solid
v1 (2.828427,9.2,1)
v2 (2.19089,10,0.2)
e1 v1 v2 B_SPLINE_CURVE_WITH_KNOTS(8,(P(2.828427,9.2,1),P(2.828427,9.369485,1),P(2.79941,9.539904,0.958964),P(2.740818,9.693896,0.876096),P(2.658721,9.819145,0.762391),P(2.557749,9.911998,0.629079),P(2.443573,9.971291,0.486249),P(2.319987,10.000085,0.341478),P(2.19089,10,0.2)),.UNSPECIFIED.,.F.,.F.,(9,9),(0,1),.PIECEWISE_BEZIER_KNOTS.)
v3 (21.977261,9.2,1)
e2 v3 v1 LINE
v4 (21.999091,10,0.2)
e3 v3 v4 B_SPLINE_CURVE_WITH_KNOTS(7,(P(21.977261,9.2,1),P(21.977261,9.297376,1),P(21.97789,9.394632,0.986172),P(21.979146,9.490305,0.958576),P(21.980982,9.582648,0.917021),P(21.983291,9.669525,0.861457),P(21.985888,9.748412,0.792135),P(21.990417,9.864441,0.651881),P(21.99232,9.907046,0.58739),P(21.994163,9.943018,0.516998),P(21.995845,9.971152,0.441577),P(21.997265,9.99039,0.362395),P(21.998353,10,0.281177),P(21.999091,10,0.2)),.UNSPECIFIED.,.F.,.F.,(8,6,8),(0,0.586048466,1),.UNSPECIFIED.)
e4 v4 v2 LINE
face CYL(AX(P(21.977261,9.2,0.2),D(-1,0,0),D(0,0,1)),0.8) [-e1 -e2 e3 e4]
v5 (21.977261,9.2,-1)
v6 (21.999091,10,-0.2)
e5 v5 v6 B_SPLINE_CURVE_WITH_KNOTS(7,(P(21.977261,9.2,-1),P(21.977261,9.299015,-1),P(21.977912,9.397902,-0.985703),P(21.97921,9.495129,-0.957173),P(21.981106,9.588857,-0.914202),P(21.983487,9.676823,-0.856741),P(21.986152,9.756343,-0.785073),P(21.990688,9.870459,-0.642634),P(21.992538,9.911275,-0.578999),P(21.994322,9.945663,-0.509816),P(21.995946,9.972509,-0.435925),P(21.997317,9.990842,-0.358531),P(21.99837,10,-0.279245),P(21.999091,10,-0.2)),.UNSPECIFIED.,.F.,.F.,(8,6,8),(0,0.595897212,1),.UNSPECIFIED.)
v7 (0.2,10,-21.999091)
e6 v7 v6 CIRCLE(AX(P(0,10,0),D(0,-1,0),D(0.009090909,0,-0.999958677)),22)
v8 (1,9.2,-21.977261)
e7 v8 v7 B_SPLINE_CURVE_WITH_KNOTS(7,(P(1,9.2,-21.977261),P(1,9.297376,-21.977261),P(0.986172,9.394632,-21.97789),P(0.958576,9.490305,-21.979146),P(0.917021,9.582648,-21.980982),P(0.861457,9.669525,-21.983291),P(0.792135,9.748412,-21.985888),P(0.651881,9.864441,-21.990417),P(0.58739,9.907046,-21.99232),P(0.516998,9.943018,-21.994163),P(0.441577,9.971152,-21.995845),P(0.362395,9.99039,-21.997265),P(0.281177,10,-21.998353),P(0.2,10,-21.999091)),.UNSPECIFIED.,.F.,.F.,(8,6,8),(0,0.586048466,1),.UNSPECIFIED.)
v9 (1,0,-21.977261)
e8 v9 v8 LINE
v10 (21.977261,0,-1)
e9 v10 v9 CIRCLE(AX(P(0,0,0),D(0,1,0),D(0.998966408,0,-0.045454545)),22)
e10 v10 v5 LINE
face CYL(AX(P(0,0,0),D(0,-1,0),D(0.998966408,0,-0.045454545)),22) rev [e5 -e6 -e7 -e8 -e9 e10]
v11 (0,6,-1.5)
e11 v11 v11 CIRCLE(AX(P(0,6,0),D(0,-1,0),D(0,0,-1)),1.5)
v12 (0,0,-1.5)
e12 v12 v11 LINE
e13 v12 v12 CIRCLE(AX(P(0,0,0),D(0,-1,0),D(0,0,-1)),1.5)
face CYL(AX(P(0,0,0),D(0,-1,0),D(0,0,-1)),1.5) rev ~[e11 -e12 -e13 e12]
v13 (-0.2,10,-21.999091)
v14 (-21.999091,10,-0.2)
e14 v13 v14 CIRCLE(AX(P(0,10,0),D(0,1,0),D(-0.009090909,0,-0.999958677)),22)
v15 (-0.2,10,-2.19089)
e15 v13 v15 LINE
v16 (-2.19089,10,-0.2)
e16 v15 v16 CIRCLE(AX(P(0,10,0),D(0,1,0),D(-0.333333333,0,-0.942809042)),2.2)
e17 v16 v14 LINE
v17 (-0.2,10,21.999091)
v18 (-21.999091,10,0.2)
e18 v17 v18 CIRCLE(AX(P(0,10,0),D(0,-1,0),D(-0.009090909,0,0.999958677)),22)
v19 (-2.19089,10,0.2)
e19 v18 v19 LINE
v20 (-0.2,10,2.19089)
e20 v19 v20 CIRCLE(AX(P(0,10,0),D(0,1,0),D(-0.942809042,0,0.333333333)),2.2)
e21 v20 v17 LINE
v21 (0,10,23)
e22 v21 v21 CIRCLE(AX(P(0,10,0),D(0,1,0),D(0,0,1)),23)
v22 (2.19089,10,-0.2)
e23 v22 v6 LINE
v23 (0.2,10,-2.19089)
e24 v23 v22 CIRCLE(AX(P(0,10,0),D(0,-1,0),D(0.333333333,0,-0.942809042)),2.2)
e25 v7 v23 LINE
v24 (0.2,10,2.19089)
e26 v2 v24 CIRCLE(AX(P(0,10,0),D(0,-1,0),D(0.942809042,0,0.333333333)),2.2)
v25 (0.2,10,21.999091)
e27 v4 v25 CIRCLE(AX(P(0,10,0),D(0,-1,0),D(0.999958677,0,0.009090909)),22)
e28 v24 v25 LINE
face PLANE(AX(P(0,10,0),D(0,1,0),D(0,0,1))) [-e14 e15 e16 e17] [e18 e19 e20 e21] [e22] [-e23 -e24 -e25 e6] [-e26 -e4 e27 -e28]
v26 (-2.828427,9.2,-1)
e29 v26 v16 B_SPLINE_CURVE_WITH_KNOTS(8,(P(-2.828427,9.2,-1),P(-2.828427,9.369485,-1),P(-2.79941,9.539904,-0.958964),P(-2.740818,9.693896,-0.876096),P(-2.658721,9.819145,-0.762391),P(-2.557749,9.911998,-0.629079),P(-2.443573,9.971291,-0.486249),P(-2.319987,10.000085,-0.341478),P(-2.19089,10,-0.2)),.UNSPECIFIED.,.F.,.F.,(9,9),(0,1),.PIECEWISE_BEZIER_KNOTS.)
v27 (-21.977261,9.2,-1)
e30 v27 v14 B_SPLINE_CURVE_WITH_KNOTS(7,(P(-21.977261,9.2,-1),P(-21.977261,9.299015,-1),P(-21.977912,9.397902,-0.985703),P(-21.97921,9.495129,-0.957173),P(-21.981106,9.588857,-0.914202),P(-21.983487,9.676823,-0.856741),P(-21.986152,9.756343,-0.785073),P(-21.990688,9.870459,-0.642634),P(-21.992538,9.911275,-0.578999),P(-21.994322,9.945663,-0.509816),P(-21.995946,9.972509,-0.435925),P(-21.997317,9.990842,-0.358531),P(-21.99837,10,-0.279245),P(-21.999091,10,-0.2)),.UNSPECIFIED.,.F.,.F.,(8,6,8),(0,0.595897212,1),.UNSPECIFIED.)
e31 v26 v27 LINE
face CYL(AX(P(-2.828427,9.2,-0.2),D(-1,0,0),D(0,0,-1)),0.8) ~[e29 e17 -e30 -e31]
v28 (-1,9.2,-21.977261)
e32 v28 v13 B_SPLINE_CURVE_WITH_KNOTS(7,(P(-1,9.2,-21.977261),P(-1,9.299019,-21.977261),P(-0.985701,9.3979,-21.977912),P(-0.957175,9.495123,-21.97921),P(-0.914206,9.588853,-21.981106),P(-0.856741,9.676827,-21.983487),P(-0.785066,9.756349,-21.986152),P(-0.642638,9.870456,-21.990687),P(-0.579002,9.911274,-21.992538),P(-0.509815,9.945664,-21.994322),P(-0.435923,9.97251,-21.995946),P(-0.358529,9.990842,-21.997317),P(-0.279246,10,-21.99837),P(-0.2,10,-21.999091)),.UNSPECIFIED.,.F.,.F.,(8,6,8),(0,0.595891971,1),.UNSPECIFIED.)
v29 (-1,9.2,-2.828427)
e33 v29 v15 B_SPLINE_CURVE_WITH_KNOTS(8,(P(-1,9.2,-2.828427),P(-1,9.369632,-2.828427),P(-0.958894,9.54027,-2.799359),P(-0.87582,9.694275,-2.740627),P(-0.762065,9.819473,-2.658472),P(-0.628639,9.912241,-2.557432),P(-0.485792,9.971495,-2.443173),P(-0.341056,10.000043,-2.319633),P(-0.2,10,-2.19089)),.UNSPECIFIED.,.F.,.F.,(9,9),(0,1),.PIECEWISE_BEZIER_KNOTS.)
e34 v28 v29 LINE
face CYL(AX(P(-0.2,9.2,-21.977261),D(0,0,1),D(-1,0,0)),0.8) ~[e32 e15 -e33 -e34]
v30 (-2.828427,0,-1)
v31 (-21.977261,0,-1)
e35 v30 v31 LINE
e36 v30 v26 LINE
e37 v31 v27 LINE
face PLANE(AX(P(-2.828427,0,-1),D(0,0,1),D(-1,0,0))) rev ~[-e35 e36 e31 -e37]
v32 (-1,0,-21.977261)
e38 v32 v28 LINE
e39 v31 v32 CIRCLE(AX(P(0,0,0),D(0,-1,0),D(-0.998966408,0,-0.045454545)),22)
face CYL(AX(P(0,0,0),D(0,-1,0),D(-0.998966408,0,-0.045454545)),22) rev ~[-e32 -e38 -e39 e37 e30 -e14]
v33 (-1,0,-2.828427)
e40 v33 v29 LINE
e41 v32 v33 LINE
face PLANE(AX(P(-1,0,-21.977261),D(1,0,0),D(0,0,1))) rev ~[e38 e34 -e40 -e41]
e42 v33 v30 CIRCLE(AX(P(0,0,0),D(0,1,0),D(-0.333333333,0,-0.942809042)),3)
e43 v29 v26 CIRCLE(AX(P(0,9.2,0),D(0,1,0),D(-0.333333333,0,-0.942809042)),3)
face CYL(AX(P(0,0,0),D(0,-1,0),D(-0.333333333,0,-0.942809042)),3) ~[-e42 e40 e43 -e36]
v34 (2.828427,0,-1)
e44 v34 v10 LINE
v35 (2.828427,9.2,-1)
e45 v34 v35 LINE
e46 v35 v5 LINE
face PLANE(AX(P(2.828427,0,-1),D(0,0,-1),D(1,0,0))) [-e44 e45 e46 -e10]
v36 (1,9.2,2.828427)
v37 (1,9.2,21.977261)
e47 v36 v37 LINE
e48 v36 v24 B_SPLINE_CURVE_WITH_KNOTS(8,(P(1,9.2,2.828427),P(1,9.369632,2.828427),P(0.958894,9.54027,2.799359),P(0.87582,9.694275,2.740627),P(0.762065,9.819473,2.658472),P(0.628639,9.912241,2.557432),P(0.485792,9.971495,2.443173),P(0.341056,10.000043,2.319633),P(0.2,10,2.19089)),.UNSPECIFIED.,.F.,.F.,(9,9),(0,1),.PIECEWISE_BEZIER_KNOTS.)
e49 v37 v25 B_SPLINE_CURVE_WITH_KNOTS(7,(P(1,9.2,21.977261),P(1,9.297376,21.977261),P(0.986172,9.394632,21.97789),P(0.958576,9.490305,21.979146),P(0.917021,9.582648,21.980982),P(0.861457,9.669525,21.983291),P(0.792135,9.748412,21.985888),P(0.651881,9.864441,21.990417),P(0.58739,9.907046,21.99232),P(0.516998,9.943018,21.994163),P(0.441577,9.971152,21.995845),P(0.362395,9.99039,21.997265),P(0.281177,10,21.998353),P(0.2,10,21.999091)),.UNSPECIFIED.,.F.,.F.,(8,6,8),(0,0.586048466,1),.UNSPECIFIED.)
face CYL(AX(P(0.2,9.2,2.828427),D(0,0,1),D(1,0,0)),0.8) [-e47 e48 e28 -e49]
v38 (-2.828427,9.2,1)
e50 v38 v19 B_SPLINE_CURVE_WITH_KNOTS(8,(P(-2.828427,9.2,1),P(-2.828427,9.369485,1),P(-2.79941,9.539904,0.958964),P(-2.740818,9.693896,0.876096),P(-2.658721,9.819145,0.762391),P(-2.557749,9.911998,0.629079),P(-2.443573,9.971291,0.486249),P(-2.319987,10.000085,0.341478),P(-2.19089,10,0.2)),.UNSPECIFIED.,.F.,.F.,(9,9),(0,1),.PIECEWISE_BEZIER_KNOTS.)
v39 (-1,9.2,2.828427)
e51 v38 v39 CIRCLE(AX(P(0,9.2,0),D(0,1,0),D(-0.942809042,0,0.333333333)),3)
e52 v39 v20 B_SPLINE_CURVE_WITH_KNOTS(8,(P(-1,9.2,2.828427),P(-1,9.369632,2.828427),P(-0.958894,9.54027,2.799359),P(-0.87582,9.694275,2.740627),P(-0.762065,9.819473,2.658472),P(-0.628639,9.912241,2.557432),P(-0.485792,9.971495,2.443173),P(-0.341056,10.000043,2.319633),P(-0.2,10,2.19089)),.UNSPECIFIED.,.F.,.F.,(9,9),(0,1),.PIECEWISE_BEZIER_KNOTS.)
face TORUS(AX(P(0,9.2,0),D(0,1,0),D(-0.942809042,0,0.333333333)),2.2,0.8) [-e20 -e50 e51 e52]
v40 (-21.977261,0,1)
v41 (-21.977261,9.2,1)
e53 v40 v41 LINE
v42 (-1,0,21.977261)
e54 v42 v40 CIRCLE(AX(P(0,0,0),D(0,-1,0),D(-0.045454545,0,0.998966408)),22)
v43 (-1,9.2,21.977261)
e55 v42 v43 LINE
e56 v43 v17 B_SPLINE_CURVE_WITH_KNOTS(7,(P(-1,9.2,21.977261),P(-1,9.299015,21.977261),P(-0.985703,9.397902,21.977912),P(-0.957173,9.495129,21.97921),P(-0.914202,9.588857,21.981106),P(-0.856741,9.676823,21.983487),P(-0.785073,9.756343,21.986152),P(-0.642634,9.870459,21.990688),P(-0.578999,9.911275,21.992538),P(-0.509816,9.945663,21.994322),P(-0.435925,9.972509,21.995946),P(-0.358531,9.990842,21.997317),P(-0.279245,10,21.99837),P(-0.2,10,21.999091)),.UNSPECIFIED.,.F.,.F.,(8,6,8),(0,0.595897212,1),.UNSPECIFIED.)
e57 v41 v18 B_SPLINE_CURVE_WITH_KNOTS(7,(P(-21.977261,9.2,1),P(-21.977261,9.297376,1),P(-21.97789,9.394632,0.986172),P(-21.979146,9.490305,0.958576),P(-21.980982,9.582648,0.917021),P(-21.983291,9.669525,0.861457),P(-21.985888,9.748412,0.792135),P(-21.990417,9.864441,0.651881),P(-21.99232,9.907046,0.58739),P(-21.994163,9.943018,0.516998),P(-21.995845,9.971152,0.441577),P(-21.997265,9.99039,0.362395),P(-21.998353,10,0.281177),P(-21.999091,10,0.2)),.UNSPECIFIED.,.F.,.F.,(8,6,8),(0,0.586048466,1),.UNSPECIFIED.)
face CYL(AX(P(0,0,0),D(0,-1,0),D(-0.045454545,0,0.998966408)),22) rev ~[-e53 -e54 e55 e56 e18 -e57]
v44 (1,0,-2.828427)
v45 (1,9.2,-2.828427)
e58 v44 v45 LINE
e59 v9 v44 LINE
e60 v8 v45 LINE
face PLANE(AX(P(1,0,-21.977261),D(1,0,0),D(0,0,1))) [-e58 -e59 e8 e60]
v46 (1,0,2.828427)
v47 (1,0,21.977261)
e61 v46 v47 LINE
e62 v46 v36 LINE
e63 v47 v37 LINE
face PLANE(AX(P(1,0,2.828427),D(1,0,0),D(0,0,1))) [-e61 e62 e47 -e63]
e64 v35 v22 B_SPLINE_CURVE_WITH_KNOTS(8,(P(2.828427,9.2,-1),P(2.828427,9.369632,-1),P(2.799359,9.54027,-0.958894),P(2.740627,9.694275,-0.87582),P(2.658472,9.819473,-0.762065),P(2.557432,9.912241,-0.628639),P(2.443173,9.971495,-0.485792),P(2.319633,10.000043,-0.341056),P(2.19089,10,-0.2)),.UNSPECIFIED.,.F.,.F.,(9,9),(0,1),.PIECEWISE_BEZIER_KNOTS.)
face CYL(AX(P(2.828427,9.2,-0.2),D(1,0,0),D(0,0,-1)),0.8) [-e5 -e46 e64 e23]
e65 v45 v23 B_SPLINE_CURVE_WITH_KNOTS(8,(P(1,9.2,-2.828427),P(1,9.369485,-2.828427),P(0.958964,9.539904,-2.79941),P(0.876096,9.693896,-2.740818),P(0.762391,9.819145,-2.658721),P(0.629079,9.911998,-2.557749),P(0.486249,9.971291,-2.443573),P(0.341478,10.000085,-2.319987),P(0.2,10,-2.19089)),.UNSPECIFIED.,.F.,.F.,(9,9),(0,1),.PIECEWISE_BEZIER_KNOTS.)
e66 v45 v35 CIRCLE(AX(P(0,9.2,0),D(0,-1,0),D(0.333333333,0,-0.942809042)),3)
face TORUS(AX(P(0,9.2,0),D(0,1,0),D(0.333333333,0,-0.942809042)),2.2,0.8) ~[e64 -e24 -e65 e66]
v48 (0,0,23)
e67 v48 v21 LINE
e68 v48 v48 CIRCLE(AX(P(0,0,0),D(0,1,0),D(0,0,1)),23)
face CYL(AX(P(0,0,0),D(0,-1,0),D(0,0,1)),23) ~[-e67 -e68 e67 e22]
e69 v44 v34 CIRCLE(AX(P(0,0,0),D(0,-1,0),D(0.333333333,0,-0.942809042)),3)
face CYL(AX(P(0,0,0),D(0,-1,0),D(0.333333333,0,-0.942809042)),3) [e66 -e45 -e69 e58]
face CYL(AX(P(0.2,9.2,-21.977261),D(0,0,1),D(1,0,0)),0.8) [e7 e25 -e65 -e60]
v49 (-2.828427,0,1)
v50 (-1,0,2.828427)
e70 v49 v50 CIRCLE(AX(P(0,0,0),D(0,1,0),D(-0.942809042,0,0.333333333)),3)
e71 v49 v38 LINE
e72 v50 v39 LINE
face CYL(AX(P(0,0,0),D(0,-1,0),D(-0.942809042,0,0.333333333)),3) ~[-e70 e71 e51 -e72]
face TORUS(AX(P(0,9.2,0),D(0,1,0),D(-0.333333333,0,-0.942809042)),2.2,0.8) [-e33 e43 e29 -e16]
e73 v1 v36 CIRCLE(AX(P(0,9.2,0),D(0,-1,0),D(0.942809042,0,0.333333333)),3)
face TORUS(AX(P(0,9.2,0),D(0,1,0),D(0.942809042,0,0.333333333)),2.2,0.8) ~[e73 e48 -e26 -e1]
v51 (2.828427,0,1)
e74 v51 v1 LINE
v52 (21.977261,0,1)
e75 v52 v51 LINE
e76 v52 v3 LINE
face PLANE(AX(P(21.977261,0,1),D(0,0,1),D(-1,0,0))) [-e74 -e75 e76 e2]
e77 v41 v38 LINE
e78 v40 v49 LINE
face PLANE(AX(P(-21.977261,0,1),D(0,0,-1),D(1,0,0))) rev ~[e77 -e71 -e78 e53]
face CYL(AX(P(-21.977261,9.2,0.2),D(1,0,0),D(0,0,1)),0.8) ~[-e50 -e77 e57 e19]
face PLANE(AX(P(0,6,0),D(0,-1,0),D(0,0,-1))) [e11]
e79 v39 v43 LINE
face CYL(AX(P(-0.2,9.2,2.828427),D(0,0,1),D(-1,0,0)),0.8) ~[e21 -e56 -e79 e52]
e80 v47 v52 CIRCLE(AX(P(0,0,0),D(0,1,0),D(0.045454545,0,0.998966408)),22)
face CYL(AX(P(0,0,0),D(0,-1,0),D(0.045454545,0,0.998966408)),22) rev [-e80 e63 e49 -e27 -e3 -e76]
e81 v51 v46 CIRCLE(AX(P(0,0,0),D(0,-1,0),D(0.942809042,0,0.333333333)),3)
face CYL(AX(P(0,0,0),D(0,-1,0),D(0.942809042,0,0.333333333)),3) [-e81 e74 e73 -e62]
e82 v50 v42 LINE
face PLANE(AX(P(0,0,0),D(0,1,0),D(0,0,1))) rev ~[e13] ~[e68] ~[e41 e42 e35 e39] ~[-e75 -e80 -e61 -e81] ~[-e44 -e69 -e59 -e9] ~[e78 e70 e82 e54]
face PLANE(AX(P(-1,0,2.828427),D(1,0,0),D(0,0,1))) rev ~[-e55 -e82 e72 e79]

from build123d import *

# Parameters (mm, degrees)
SKETCH1_R           = 23
BOSS_EXTRUDE1_DEPTH = 10
FILLET1_R           = 0.8
SKETCH2_R           = 1.5
CUT_EXTRUDE1_DEPTH  = 6


with BuildPart() as part:
    # Sketch1 → Boss-Extrude1 (new body)
    with BuildSketch(Plane(origin=(0, 0, 0), x_dir=(1, 0, 0), z_dir=(0, 1, 0))):
        with Locations(Location((0, 0, 0), (0, 0, 270))):
            Circle(SKETCH1_R)
        with BuildLine():
            Line((-1, 21.977260976), (-1, 2.828427125))
            ThreePointArc((-1, 2.828427125), (-2.121320344, 2.121320344), (-2.828427125, 1))
            Line((-2.828427125, 1), (-21.977260976, 1))
            ThreePointArc((-21.977260976, 1), (-15.556349186, 15.556349186), (-1, 21.977260976))
        make_face(mode=Mode.SUBTRACT)
        with BuildLine():
            Line((1, 21.977260976), (1, 2.828427125))
            ThreePointArc((1, 2.828427125), (2.121320344, 2.121320344), (2.828427125, 1))
            Line((2.828427125, 1), (21.977260976, 1))
            ThreePointArc((21.977260976, 1), (15.556349186, 15.556349186), (1, 21.977260976))
        make_face(mode=Mode.SUBTRACT)
        with BuildLine():
            Line((-21.977260976, -1), (-2.828427125, -1))
            ThreePointArc((-2.828427125, -1), (-2.121320344, -2.121320344), (-1, -2.828427125))
            Line((-1, -2.828427125), (-1, -21.977260976))
            ThreePointArc((-1, -21.977260976), (-15.556349186, -15.556349186), (-21.977260976, -1))
        make_face(mode=Mode.SUBTRACT)
        with BuildLine():
            Line((1, -2.828427125), (1, -21.977260976))
            ThreePointArc((1, -21.977260976), (15.556349186, -15.556349186), (21.977260976, -1))
            Line((21.977260976, -1), (2.828427125, -1))
            ThreePointArc((2.828427125, -1), (2.121320344, -2.121320344), (1, -2.828427125))
        make_face(mode=Mode.SUBTRACT)
    extrude(amount=BOSS_EXTRUDE1_DEPTH)

    # Fillet1
    fillet1_edges = [part.edges().sort_by_distance(p)[0] for p in [
        (2.121320344, 10, -2.121320344),
        (12.40284405, 10, -1),
        (-2.121320344, 10, 2.121320344),
        (-12.40284405, 10, 1),
        (-1, 10, 12.40284405),
        (12.40284405, 10, 1),
        (2.121320344, 10, 2.121320344),
        (1, 10, 12.40284405),
        (-12.40284405, 10, -1),
        (-2.121320344, 10, -2.121320344),
        (-1, 10, -12.40284405),
        (1, 10, -12.40284405),
    ]]
    fillet(fillet1_edges, radius=FILLET1_R)

    # Sketch2 → Cut-Extrude1 (cut)
    with BuildSketch(Plane.XZ):
        with Locations(Location((0, 0, 0), (0, 0, 270))):
            Circle(SKETCH2_R)
    extrude(amount=-CUT_EXTRUDE1_DEPTH, mode=Mode.SUBTRACT)


solid = part.part
